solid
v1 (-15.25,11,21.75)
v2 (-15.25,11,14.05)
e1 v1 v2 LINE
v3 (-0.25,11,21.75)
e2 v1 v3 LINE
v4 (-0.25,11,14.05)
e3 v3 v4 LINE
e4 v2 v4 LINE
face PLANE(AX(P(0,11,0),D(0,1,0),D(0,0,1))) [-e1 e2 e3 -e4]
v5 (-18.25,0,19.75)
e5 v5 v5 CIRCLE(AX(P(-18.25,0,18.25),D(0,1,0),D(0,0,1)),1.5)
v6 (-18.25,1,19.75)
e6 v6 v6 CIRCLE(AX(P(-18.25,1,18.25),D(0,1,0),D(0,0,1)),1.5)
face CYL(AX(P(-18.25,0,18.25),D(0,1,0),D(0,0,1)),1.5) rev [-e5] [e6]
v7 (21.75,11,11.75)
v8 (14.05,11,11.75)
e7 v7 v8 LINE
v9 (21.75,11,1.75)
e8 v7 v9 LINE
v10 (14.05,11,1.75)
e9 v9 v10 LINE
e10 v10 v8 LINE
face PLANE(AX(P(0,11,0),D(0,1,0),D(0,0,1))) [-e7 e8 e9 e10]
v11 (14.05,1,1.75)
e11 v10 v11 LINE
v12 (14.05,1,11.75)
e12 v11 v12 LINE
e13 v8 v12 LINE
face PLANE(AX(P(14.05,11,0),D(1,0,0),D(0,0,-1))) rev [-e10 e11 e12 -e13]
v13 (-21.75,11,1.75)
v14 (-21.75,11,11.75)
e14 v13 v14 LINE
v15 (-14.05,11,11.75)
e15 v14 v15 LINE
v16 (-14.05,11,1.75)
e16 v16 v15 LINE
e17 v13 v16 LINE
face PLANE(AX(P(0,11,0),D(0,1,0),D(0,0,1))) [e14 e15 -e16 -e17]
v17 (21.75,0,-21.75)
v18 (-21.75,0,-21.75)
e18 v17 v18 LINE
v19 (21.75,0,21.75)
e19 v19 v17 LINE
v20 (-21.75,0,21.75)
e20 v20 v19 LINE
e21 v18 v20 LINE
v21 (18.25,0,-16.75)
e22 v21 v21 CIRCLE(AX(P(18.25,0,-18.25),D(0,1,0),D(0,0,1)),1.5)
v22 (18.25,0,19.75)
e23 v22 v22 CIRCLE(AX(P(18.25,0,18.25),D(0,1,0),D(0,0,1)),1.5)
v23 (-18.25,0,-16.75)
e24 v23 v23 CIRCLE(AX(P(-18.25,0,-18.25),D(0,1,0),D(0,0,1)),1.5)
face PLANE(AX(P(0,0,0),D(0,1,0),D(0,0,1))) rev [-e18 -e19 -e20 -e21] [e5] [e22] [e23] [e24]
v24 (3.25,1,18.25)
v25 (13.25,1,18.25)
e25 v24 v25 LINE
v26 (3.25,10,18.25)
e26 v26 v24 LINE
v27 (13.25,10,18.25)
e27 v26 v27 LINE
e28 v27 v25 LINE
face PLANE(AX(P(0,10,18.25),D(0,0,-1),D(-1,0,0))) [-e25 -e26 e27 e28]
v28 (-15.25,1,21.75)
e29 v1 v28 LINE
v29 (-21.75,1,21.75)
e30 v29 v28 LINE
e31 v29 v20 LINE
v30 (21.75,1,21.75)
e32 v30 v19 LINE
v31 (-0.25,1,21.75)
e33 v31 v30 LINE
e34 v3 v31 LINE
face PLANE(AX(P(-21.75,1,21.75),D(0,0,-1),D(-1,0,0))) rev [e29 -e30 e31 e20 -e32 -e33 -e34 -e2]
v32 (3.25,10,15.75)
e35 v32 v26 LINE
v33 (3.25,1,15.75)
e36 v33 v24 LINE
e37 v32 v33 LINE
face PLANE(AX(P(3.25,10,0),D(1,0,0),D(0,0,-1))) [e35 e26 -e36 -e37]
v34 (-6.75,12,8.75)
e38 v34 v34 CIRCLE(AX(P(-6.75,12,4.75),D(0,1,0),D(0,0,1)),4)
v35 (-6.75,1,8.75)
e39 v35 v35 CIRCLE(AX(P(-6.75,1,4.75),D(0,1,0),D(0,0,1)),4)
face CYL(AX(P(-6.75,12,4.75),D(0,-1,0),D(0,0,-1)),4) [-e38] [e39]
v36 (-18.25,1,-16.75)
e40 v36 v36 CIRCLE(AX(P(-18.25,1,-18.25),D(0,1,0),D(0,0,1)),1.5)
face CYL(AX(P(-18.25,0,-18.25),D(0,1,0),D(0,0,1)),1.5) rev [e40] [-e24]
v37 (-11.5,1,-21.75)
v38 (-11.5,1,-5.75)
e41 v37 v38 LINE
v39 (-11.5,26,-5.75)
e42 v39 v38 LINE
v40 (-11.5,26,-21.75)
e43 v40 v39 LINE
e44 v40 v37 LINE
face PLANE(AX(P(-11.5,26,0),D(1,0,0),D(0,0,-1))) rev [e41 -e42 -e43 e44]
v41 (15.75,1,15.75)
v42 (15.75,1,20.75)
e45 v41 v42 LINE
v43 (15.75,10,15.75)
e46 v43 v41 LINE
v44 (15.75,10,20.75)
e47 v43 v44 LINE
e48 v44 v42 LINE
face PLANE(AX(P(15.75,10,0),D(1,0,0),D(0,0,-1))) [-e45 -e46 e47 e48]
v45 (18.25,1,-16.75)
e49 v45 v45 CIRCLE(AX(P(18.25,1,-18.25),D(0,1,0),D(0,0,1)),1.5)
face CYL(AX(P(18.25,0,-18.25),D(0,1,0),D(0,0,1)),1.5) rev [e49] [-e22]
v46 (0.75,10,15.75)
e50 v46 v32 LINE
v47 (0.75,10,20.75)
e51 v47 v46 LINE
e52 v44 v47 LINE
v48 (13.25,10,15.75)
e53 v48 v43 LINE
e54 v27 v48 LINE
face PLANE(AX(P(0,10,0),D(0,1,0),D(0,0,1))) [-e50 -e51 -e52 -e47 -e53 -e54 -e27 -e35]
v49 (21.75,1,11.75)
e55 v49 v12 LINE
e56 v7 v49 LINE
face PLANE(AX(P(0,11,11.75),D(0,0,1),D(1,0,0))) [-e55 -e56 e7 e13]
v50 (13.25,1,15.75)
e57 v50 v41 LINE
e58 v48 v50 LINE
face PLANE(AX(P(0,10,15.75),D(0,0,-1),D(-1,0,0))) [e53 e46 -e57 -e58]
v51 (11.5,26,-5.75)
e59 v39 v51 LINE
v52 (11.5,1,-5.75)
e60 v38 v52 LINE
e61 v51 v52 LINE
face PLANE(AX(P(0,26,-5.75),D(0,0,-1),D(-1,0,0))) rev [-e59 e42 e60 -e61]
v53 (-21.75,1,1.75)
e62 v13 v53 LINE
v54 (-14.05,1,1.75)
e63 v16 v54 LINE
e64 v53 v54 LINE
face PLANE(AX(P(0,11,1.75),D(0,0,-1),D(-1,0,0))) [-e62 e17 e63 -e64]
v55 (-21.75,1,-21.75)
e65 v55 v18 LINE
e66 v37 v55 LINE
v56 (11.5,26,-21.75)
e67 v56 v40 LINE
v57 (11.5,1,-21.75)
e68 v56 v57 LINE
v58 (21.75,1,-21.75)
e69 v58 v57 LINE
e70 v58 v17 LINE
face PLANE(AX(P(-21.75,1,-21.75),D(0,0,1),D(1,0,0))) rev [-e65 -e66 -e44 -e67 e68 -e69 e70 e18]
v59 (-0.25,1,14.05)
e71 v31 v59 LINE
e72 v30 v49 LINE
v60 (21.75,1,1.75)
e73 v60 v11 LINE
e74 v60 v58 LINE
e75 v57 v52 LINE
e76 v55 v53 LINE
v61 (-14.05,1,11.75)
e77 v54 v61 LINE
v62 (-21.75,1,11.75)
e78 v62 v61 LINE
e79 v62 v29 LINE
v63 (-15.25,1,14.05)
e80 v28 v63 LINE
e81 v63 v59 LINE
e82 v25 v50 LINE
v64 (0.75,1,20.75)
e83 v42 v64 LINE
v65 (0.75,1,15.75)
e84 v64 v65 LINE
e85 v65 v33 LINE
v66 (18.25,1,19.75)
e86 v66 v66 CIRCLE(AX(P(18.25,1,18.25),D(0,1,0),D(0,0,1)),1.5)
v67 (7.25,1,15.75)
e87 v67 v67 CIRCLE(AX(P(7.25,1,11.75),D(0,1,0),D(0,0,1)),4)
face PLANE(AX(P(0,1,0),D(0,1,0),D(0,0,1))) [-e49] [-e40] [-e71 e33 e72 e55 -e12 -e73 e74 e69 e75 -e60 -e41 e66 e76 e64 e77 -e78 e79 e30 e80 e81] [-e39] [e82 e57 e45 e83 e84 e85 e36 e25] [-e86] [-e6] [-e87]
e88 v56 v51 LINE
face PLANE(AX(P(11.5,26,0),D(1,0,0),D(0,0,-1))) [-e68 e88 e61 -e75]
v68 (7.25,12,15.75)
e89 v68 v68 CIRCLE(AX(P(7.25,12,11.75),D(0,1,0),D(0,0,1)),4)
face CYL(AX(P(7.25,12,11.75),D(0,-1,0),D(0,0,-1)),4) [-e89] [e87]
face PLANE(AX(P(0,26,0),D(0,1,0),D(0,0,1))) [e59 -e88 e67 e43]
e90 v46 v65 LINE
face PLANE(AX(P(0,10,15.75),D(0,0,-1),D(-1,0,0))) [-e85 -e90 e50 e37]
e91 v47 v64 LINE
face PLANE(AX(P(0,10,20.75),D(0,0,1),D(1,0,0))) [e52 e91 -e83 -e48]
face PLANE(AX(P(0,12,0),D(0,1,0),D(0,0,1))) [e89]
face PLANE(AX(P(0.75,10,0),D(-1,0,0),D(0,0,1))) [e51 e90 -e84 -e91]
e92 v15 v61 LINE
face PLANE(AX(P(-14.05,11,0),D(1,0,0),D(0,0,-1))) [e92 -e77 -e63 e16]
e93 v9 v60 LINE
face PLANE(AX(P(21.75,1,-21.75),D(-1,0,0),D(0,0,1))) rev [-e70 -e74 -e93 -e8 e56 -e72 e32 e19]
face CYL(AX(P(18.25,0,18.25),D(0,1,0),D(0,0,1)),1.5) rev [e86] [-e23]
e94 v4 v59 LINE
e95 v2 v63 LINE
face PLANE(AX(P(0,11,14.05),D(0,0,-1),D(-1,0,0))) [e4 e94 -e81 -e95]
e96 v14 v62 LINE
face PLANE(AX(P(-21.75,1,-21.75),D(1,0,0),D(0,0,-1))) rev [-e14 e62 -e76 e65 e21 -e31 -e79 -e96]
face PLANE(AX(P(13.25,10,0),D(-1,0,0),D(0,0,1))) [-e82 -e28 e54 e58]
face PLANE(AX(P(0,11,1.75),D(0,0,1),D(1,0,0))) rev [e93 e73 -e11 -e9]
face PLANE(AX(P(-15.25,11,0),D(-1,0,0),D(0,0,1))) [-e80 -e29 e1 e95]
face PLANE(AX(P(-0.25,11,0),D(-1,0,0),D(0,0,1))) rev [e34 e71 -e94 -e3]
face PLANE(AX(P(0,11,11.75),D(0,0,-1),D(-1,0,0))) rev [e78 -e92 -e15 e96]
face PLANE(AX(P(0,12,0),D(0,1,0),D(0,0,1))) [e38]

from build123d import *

# Parameters (mm, degrees)
SKETCH_1_W          = 43.5
SKETCH_1_H          = 43.5
EXTRUDE_1_DEPTH     = 1
SKETCH_2_R          = 1.5
CUT_EXTRUDE_1_DEPTH = 31.775396017
SKETCH_2_3_W        = 23
SKETCH_2_3_H        = 16
EXTRUDE_2_DEPTH     = 25
SKETCH_2_4_W        = 7.7
SKETCH_2_4_H        = 10
SKETCH_2_4_W_2      = 15
SKETCH_2_4_H_2      = 7.7
EXTRUDE_3_DEPTH     = 10
EXTRUDE_4_DEPTH     = 9
SKETCH_2_6_R        = 4
EXTRUDE_5_DEPTH     = 11


with BuildPart() as part:
    # Эскиз1 → Бобышка-Вытянуть1 (new body)
    with BuildSketch(Plane(origin=(0, 0, 0), x_dir=(1, 0, 0), z_dir=(0, 1, 0))):
        Rectangle(SKETCH_1_W, SKETCH_1_H)
    extrude(amount=EXTRUDE_1_DEPTH)

    # Эскиз2 → Вырез-Вытянуть1 (cut, through all)
    with BuildSketch(Plane(origin=(0, 1, 0), x_dir=(1, 0, 0), z_dir=(0, 1, 0))):
        with Locations((18.25, 18.25)):
            Circle(SKETCH_2_R)
        with Locations((-18.25, 18.25)):
            Circle(SKETCH_2_R)
        with Locations((-18.25, -18.25)):
            Circle(SKETCH_2_R)
        with Locations((18.25, -18.25)):
            Circle(SKETCH_2_R)
    extrude(amount=-CUT_EXTRUDE_1_DEPTH, mode=Mode.SUBTRACT)

    # Эскиз2<3> → Бобышка-Вытянуть2 (add)
    with BuildSketch(Plane(origin=(0, 1, 0), x_dir=(1, 0, 0), z_dir=(0, 1, 0))):
        with Locations((0, 13.75)):
            Rectangle(SKETCH_2_3_W, SKETCH_2_3_H)
    extrude(amount=EXTRUDE_2_DEPTH)

    # Эскиз2<4> → Бобышка-Вытянуть3 (add)
    with BuildSketch(Plane(origin=(0, 1, 0), x_dir=(1, 0, 0), z_dir=(0, 1, 0))):
        with Locations((17.9, -6.75)):
            Rectangle(SKETCH_2_4_W, SKETCH_2_4_H)
        with Locations((-7.75, -17.9)):
            Rectangle(SKETCH_2_4_W_2, SKETCH_2_4_H_2)
        with Locations((-17.9, -6.75)):
            Rectangle(SKETCH_2_4_W, SKETCH_2_4_H)
    extrude(amount=EXTRUDE_3_DEPTH)

    # Эскиз2<5> → Бобышка-Вытянуть4 (add)
    with BuildSketch(Plane(origin=(0, 1, 0), x_dir=(1, 0, 0), z_dir=(0, 1, 0))):
        Polygon((0.75, -15.75), (0.75, -20.75), (15.75, -20.75), (15.75, -15.75), (13.25, -15.75), (13.25, -18.25), (3.25, -18.25), (3.25, -15.75), align=None)
    extrude(amount=EXTRUDE_4_DEPTH)

    # Эскиз2<6> → Бобышка-Вытянуть5 (add)
    with BuildSketch(Plane(origin=(0, 1, 0), x_dir=(1, 0, 0), z_dir=(0, 1, 0))):
        with Locations((7.25, -11.75)):
            Circle(SKETCH_2_6_R)
        with Locations((-6.75, -4.75)):
            Circle(SKETCH_2_6_R)
    extrude(amount=EXTRUDE_5_DEPTH)


solid = part.part
